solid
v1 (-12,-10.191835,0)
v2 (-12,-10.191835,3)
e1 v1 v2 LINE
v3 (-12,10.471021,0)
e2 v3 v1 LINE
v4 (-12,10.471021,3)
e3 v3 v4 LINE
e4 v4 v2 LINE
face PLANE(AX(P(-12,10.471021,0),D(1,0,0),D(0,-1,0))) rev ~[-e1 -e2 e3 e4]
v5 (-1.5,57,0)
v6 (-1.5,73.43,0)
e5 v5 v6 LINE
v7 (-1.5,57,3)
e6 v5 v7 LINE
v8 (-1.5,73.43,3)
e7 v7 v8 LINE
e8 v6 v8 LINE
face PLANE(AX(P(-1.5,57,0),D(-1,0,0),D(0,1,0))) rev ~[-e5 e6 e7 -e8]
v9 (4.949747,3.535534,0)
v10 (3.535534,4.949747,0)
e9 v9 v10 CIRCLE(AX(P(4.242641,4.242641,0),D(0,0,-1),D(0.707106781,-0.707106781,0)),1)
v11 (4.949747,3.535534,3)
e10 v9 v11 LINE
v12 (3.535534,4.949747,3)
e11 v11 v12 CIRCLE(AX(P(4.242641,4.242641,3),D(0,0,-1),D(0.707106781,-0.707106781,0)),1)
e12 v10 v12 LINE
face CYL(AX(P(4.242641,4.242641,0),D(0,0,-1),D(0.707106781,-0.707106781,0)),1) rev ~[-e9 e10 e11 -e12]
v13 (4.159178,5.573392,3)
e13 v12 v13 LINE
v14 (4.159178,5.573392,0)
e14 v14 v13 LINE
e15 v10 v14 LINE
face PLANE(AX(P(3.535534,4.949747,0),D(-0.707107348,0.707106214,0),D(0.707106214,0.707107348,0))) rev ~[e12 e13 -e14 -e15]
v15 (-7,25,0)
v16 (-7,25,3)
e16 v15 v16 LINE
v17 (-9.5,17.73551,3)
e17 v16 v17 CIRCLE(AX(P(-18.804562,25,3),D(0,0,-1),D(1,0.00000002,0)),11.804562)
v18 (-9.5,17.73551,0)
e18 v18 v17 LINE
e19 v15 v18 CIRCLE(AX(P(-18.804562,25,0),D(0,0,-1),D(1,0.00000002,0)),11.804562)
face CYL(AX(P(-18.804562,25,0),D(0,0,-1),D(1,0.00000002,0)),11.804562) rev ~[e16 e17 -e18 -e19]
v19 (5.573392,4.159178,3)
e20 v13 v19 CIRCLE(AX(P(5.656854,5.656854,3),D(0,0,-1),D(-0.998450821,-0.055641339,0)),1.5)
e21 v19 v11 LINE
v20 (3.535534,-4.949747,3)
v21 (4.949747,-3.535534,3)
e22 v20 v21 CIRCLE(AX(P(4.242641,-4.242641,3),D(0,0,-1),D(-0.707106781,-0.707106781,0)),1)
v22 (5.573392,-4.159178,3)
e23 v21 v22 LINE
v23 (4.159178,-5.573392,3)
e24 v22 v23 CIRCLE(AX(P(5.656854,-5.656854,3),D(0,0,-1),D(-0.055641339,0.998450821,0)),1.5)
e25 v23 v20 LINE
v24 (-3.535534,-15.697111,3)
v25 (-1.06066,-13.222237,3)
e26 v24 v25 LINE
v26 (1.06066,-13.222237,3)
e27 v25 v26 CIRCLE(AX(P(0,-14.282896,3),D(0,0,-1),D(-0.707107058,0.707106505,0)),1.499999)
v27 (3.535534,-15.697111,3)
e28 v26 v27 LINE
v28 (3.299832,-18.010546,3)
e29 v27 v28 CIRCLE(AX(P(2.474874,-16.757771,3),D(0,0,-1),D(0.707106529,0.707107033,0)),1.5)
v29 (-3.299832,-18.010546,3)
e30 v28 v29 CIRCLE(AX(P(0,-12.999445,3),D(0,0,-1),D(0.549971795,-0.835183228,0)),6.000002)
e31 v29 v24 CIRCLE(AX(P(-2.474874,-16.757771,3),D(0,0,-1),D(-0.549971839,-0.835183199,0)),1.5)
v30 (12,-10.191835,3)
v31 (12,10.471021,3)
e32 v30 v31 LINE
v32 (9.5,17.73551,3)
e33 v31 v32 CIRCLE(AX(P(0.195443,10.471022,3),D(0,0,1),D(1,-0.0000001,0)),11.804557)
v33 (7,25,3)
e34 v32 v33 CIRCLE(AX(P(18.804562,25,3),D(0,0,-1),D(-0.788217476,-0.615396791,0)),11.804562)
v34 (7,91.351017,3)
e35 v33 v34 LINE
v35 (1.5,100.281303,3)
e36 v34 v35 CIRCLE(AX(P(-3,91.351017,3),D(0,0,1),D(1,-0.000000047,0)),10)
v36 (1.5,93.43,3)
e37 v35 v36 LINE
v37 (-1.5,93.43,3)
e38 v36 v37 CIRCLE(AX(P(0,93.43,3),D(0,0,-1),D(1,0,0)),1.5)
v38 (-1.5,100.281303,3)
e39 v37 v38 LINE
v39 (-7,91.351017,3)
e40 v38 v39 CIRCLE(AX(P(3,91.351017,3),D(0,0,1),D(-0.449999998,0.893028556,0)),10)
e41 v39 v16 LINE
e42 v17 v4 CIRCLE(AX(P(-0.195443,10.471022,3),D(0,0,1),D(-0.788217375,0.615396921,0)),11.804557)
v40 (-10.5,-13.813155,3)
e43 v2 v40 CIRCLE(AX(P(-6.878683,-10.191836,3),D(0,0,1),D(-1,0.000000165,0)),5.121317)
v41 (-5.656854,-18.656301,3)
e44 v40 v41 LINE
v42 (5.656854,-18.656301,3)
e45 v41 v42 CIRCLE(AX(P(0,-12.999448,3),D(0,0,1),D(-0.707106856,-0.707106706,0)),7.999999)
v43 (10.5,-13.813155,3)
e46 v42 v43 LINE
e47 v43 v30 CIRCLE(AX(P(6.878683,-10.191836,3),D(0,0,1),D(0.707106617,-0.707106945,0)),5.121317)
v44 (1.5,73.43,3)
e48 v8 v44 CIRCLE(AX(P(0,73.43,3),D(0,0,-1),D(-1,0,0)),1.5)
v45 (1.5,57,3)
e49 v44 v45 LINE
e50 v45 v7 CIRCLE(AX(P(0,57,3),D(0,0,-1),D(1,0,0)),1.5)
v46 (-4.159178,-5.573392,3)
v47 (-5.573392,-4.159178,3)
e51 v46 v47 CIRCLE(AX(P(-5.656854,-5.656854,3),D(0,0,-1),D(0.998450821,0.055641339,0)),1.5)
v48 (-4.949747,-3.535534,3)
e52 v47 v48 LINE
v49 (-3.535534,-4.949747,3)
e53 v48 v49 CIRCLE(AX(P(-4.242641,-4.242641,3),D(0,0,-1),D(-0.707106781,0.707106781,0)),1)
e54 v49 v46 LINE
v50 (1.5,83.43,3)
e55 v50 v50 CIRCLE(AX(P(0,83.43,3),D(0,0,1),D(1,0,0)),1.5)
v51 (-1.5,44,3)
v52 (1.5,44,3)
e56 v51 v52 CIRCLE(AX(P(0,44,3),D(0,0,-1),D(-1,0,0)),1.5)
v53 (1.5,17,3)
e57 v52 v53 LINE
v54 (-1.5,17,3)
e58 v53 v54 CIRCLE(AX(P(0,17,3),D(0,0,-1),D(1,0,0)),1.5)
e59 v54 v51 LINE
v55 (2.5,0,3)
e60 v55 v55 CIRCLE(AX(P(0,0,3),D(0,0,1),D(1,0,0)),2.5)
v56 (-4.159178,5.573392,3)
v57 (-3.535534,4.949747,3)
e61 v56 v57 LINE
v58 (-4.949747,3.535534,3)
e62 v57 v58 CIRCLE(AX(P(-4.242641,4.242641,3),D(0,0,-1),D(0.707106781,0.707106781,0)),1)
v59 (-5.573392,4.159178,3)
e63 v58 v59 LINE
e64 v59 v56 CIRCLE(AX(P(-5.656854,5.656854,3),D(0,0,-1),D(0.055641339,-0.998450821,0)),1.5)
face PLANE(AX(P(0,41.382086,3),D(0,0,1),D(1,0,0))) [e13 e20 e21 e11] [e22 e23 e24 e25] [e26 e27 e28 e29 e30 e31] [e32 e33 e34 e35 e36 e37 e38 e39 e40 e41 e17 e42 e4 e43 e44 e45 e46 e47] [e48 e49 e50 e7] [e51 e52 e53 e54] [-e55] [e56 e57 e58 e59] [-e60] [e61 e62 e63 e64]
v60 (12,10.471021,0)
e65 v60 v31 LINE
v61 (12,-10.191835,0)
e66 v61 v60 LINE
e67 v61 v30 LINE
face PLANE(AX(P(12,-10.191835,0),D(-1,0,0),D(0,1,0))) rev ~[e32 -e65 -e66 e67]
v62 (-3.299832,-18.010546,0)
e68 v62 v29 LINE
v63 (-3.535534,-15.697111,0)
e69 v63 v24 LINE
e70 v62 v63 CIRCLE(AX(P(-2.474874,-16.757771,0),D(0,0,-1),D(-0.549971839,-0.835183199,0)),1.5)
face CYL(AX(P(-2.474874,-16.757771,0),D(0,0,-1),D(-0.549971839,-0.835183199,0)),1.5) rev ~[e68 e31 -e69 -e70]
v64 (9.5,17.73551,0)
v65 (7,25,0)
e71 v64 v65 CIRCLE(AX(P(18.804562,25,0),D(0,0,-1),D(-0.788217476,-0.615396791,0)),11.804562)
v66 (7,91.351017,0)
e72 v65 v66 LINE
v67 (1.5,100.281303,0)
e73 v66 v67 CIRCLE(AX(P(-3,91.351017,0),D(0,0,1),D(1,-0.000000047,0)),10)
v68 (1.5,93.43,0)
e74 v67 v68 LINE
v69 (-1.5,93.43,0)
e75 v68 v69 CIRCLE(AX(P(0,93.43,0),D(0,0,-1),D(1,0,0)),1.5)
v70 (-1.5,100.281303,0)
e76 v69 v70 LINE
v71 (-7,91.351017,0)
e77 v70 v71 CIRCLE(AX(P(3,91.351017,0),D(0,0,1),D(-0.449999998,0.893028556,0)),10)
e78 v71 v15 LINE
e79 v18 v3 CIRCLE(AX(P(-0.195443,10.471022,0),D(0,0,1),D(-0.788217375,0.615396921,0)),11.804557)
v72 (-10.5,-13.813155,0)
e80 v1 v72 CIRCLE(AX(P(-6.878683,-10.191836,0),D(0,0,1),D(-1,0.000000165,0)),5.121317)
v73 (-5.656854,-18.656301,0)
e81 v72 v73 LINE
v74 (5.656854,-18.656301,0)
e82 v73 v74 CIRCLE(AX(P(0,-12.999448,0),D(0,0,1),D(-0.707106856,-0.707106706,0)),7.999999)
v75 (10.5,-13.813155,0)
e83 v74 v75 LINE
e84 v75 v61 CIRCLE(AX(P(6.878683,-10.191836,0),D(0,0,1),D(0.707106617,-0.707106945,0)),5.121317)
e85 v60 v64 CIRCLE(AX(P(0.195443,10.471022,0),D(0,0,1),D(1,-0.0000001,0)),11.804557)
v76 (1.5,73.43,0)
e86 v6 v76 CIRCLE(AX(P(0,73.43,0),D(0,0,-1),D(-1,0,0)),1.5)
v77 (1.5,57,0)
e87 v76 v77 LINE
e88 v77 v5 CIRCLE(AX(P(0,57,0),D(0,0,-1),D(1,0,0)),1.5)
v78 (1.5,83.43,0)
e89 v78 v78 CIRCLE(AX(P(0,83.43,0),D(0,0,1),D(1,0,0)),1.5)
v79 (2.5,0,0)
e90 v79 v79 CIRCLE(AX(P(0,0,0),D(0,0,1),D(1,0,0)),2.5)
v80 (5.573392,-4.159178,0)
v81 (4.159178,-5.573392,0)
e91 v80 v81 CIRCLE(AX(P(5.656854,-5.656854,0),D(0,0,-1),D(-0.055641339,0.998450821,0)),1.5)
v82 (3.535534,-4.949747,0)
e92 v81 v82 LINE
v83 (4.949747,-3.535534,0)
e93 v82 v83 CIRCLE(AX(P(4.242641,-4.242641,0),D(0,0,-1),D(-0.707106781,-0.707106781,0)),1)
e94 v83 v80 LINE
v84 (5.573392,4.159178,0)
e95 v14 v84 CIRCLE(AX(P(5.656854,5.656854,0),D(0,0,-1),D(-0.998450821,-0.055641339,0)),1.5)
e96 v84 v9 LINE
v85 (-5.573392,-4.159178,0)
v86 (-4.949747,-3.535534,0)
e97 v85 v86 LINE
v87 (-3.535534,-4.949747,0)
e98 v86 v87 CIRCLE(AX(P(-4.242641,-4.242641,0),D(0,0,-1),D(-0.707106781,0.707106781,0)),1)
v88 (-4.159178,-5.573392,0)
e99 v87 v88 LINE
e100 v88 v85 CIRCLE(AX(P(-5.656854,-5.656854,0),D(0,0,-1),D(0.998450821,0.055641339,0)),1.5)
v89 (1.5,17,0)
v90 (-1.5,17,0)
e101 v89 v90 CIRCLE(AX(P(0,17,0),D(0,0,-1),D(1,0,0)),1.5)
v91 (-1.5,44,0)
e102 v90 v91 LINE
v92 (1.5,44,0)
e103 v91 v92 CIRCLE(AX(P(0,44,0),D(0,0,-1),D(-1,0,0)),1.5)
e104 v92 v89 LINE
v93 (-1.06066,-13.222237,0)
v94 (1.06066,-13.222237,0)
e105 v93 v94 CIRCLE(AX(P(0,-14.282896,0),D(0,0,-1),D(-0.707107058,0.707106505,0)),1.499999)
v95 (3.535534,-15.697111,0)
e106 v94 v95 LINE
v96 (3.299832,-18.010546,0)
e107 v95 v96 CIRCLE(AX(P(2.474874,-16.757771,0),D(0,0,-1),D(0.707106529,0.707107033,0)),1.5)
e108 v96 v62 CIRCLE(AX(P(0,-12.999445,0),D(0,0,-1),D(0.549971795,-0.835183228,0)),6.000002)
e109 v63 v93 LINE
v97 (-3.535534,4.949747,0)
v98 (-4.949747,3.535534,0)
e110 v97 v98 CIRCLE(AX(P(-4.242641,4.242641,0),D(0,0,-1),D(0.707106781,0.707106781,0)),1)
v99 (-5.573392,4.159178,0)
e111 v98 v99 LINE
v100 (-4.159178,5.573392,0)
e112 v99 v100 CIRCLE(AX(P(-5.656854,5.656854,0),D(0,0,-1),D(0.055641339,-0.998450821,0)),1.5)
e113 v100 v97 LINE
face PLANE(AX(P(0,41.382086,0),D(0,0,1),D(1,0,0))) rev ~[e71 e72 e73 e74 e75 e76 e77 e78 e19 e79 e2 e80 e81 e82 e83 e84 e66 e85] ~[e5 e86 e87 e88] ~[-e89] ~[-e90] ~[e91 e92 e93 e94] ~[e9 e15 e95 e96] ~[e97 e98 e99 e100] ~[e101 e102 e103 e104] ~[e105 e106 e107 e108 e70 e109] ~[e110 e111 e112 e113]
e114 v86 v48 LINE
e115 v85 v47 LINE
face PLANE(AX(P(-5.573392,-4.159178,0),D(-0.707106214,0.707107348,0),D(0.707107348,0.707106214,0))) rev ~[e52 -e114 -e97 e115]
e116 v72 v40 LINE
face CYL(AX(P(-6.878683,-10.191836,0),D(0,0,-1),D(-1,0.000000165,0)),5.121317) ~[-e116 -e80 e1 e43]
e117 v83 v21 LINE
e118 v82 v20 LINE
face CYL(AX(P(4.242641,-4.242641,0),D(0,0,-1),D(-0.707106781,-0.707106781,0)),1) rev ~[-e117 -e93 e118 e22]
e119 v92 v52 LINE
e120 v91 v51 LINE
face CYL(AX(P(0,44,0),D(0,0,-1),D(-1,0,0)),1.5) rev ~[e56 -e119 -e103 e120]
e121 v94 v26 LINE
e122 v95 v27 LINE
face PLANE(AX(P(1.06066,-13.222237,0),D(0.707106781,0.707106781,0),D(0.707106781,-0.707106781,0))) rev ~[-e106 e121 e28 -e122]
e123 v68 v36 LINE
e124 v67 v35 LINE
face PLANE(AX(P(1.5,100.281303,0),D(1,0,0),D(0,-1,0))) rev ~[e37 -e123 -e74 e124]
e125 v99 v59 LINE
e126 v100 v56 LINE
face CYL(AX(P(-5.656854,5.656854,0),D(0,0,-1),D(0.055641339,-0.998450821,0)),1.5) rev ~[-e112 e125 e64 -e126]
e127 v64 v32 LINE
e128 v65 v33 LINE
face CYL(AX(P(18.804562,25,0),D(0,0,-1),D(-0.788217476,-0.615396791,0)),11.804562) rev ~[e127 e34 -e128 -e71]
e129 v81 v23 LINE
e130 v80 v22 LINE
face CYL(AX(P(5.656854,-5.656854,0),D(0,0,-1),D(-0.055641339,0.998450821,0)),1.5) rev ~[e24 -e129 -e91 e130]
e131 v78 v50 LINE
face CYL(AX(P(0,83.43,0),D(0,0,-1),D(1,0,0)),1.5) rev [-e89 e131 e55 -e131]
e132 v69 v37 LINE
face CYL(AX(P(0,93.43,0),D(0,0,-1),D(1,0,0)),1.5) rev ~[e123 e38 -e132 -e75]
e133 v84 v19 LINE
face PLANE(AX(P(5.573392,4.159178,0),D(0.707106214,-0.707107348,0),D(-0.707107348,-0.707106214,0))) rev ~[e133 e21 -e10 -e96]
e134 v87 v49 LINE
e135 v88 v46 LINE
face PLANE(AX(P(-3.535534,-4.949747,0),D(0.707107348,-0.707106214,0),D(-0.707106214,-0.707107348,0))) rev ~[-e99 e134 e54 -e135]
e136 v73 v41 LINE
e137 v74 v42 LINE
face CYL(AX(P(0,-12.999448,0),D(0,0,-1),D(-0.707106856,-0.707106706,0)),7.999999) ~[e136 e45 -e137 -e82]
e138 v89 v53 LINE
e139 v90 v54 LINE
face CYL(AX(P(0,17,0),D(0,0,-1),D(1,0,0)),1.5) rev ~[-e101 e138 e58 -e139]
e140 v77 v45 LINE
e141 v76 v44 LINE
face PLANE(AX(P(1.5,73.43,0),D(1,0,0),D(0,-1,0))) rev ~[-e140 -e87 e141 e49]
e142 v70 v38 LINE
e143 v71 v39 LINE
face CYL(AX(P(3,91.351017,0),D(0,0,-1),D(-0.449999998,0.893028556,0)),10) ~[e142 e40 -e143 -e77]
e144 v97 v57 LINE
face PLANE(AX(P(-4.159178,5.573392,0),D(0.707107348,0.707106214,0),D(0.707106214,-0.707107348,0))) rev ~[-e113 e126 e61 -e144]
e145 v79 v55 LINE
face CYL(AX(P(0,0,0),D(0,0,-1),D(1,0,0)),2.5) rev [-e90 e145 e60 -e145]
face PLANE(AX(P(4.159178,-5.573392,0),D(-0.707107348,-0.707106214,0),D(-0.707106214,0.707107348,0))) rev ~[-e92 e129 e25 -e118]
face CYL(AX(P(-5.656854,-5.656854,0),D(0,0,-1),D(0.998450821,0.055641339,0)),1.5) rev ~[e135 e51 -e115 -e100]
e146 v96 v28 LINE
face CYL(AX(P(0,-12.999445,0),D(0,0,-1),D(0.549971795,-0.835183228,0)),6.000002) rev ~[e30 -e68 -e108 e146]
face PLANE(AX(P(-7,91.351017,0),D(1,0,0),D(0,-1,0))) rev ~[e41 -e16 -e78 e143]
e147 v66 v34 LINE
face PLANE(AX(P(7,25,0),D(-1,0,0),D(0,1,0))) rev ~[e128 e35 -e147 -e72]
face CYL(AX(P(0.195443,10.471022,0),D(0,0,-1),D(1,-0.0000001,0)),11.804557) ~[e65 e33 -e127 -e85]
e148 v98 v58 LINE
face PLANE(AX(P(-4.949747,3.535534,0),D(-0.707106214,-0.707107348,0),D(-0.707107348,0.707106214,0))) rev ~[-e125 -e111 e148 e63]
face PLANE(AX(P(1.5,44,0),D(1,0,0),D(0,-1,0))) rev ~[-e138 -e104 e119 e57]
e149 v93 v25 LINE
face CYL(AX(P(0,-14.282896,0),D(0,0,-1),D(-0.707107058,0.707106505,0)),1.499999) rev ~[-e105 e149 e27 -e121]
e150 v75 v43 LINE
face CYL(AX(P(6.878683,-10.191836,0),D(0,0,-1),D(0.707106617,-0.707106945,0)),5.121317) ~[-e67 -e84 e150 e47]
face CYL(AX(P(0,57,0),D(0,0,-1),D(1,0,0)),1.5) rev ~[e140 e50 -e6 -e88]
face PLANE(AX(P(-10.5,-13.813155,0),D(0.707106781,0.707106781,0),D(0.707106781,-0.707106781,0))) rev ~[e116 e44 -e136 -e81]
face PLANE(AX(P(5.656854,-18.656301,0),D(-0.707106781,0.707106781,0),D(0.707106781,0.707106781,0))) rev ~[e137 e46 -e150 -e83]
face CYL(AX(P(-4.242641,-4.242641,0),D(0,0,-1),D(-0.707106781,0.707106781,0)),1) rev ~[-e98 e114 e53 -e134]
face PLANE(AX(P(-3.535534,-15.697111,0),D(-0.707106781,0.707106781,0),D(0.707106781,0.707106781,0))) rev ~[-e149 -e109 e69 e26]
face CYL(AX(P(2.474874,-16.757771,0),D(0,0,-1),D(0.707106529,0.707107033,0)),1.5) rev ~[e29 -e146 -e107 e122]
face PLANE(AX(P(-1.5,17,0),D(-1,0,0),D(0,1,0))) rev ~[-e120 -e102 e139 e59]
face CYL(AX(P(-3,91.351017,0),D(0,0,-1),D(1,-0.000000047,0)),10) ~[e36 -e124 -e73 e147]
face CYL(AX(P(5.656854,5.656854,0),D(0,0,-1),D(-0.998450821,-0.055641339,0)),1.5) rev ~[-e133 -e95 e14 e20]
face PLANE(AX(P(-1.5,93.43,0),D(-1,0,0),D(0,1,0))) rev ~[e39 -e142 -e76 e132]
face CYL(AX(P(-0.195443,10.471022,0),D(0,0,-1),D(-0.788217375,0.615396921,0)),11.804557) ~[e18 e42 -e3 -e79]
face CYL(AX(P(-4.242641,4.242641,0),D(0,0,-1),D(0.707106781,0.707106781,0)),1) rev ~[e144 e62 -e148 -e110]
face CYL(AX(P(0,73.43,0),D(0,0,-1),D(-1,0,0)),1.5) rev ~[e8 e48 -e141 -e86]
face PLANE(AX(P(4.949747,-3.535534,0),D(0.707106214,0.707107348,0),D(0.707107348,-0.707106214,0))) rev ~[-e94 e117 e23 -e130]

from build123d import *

# Parameters (mm, degrees)
F0_R     = 2.5
F0_R_2   = 1.5
F1_DEPTH = 3


with BuildPart() as f1:
    # F0 (on Top) → F1 (new body)
    with BuildSketch(Plane.XY):
        with BuildLine():
            ThreePointArc((1.5, 93.43), (0, 91.93), (-1.5, 93.43))
            Line((-1.5, 93.43), (-1.5, 100.281303))
            ThreePointArc((-1.5, 100.281303), (-5.514693, 96.595062), (-7, 91.351017))
            Line((-7, 91.351017), (-7, 25))
            ThreePointArc((-7, 25), (-7.642484, 21.158685), (-9.5, 17.73551))
            ThreePointArc((-9.5, 17.73551), (-11.357516, 14.312336), (-12, 10.471021))
            Line((-12, 10.471021), (-12, -10.191835))
            ThreePointArc((-12, -10.191835), (-11.610163, -12.151679), (-10.5, -13.813155))
            Line((-10.5, -13.813155), (-5.656854, -18.656301))
            ThreePointArc((-5.656854, -18.656301), (0, -20.999447), (5.656854, -18.656301))
            Line((5.656854, -18.656301), (10.5, -13.813155))
            ThreePointArc((10.5, -13.813155), (11.610163, -12.151679), (12, -10.191835))
            Line((12, -10.191835), (12, 10.471021))
            ThreePointArc((12, 10.471021), (11.357516, 14.312336), (9.5, 17.73551))
            ThreePointArc((9.5, 17.73551), (7.642484, 21.158685), (7, 25))
            Line((7, 25), (7, 91.351017))
            ThreePointArc((7, 91.351017), (5.514693, 96.595062), (1.5, 100.281303))
            Line((1.5, 100.281303), (1.5, 93.43))
        make_face()
        with BuildLine():
            ThreePointArc((-4.159178, -5.573392), (-6.717514, -6.717514), (-5.573392, -4.159178))
            Line((-5.573392, -4.159178), (-4.949747, -3.535534))
            ThreePointArc((-4.949747, -3.535534), (-3.535534, -3.535534), (-3.535534, -4.949747))
            Line((-3.535534, -4.949747), (-4.159178, -5.573392))
        make_face(mode=Mode.SUBTRACT)
        with BuildLine():
            ThreePointArc((-5.573392, 4.159178), (-6.717514, 6.717514), (-4.159178, 5.573392))
            Line((-4.159178, 5.573392), (-3.535534, 4.949747))
            ThreePointArc((-3.535534, 4.949747), (-3.535534, 3.535534), (-4.949747, 3.535534))
            Line((-4.949747, 3.535534), (-5.573392, 4.159178))
        make_face(mode=Mode.SUBTRACT)
        with BuildLine():
            ThreePointArc((-1.06066, -13.222237), (0, -12.782897), (1.06066, -13.222237))
            Line((1.06066, -13.222237), (3.535534, -15.697111))
            ThreePointArc((3.535534, -15.697111), (3.967149, -16.90981), (3.299832, -18.010546))
            ThreePointArc((3.299832, -18.010546), (0, -18.999447), (-3.299832, -18.010546))
            ThreePointArc((-3.299832, -18.010546), (-3.967149, -16.90981), (-3.535534, -15.697111))
            Line((-3.535534, -15.697111), (-1.06066, -13.222237))
        make_face(mode=Mode.SUBTRACT)
        Circle(F0_R, mode=Mode.SUBTRACT)
        with BuildLine():
            ThreePointArc((5.573392, -4.159178), (6.717514, -6.717514), (4.159178, -5.573392))
            Line((4.159178, -5.573392), (3.535534, -4.949747))
            ThreePointArc((3.535534, -4.949747), (3.535534, -3.535534), (4.949747, -3.535534))
            Line((4.949747, -3.535534), (5.573392, -4.159178))
        make_face(mode=Mode.SUBTRACT)
        with BuildLine():
            ThreePointArc((4.949747, 3.535534), (3.535534, 3.535534), (3.535534, 4.949747))
            Line((3.535534, 4.949747), (4.159178, 5.573392))
            ThreePointArc((4.159178, 5.573392), (6.717514, 6.717514), (5.573392, 4.159178))
            Line((5.573392, 4.159178), (4.949747, 3.535534))
        make_face(mode=Mode.SUBTRACT)
        with BuildLine():
            Line((-1.5, 17), (-1.5, 44))
            ThreePointArc((-1.5, 44), (0, 45.5), (1.5, 44))
            Line((1.5, 44), (1.5, 17))
            ThreePointArc((1.5, 17), (0, 15.5), (-1.5, 17))
        make_face(mode=Mode.SUBTRACT)
        with BuildLine():
            Line((-1.5, 57), (-1.5, 73.43))
            ThreePointArc((-1.5, 73.43), (0, 74.93), (1.5, 73.43))
            Line((1.5, 73.43), (1.5, 57))
            ThreePointArc((1.5, 57), (0, 55.5), (-1.5, 57))
        make_face(mode=Mode.SUBTRACT)
        with Locations((0, 83.43)):
            Circle(F0_R_2, mode=Mode.SUBTRACT)
    extrude(amount=F1_DEPTH)


solid = f1.part
